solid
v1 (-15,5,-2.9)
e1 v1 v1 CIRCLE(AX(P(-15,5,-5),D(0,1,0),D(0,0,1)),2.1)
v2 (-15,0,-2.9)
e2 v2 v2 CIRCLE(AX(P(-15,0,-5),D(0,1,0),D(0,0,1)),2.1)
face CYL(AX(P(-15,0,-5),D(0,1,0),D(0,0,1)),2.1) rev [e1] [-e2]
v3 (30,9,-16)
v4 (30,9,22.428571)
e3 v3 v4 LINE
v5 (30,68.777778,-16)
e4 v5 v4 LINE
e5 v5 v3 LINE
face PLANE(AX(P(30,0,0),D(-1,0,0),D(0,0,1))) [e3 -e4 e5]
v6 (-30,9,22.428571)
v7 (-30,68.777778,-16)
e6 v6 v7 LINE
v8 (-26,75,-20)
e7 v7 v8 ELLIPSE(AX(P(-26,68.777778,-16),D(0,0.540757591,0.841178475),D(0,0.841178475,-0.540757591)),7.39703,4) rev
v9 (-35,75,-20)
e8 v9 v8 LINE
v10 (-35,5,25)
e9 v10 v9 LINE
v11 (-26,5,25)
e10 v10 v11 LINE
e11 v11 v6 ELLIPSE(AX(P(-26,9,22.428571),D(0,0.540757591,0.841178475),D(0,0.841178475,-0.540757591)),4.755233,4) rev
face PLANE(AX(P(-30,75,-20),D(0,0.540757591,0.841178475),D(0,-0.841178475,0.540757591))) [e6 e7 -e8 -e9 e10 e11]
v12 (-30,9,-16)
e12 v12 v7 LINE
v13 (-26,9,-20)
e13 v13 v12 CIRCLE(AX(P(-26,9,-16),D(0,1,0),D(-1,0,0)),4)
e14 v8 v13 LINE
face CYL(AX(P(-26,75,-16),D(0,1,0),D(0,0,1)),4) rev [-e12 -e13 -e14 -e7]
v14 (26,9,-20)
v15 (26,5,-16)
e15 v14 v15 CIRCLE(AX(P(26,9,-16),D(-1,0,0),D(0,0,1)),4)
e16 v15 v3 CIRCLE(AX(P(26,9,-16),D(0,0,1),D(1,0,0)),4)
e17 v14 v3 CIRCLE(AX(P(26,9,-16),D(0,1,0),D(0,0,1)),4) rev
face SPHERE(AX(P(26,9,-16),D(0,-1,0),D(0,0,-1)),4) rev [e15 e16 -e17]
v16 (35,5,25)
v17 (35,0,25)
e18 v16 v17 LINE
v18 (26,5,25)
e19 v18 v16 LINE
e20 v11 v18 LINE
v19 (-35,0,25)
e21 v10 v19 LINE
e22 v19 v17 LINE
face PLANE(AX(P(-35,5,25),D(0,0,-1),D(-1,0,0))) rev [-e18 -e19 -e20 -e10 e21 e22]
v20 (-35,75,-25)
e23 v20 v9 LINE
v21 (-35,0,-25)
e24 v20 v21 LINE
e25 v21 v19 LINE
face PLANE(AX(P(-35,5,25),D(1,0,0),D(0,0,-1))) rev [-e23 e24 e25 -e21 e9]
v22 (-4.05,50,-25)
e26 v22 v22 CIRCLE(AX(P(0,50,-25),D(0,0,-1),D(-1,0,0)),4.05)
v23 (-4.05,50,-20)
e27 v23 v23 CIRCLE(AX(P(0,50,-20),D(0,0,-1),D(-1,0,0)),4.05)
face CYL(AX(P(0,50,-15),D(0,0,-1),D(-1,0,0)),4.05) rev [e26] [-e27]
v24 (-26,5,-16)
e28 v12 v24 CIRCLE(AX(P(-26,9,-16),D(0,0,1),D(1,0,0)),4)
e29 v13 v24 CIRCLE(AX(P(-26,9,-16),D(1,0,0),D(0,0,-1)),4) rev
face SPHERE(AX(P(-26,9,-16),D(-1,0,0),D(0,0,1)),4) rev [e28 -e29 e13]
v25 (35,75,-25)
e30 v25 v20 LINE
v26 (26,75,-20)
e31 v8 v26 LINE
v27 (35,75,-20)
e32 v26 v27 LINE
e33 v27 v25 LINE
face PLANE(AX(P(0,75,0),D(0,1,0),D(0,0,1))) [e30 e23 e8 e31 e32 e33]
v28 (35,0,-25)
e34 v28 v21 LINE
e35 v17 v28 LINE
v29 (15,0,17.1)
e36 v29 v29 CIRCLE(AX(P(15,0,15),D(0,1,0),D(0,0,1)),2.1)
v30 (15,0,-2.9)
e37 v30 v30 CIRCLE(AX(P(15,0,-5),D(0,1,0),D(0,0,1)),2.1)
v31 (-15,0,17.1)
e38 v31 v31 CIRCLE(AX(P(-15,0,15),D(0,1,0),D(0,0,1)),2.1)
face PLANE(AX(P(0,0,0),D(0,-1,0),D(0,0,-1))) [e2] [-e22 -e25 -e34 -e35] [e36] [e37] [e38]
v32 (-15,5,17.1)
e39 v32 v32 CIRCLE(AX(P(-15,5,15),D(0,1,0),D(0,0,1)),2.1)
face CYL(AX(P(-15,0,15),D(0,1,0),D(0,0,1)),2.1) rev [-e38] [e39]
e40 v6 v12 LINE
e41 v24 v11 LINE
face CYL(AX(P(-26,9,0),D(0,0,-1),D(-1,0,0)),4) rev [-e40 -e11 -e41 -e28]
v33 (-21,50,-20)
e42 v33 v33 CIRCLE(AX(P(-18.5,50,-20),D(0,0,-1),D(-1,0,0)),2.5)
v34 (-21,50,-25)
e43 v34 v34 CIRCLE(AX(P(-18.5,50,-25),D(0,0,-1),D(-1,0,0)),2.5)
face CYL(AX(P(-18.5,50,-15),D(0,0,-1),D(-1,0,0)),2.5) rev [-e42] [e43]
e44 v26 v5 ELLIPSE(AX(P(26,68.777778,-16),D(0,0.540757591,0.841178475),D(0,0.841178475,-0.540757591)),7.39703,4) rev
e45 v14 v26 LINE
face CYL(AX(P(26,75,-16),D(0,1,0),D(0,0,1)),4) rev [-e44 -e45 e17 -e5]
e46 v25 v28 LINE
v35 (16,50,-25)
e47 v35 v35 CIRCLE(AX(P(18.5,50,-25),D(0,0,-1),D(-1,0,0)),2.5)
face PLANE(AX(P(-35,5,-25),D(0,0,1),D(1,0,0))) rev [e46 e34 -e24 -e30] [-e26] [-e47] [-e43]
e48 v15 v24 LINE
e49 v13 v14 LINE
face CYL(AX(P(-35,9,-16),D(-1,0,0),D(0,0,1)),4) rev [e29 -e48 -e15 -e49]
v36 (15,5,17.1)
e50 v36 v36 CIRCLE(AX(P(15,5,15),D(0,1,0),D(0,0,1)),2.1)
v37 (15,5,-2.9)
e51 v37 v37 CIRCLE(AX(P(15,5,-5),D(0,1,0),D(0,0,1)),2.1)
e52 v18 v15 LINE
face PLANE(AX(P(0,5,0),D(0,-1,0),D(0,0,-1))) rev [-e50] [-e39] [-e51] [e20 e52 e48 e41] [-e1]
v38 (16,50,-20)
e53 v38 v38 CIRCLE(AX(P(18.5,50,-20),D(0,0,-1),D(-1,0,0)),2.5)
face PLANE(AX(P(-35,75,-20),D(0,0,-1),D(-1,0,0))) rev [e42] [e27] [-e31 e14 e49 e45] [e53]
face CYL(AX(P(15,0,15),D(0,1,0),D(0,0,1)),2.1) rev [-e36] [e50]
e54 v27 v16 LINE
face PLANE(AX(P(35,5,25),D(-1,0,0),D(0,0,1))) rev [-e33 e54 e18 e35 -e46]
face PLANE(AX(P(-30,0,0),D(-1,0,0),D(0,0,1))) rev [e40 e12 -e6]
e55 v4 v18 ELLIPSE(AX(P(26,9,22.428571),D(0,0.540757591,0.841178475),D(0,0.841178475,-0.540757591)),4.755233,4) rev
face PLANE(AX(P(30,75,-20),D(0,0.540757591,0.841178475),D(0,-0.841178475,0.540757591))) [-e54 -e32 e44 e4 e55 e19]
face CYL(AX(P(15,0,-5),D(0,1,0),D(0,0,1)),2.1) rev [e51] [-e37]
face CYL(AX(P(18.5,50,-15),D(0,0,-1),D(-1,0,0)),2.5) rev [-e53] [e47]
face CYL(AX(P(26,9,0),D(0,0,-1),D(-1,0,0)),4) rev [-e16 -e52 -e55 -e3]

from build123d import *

# Parameters (mm, degrees)
SKETCH1_W           = 70
SKETCH1_H           = 50
BOSS_EXTRUDE1_DEPTH = 5
SKETCH2_W           = 70
SKETCH2_H           = 5
BOSS_EXTRUDE2_DEPTH = 70
SKETCH3_R           = 4.05
CUT_EXTRUDE1_DEPTH  = 10
SKETCH4_R           = 2.5
CUT_EXTRUDE2_DEPTH  = 10
BOSS_EXTRUDE3_DEPTH = 5
BOSS_EXTRUDE4_DEPTH = 5
FILLET1_R           = 4
SKETCH7_R           = 2.1
CUT_EXTRUDE3_DEPTH  = 5


with BuildPart() as part:
    # Sketch1 → Boss-Extrude1 (new body)
    with BuildSketch(Plane(origin=(0, 0, 0), x_dir=(1, 0, 0), z_dir=(0, 1, 0))):
        Rectangle(SKETCH1_W, SKETCH1_H)
    extrude(amount=BOSS_EXTRUDE1_DEPTH)

    # Sketch2 → Boss-Extrude2 (add)
    with BuildSketch(Plane(origin=(0, 5, 0), x_dir=(1, 0, 0), z_dir=(0, 1, 0))):
        with Locations((0, 22.5)):
            Rectangle(SKETCH2_W, SKETCH2_H)
    extrude(amount=BOSS_EXTRUDE2_DEPTH)

    # Sketch3 → Cut-Extrude1 (cut)
    with BuildSketch(Plane(origin=(0, 0, -25), x_dir=(-1, 0, 0), z_dir=(0, 0, -1))):
        with Locations((0, 50)):
            Circle(SKETCH3_R)
    extrude(amount=-CUT_EXTRUDE1_DEPTH, mode=Mode.SUBTRACT)

    # Sketch4 → Cut-Extrude2 (cut)
    with BuildSketch(Plane(origin=(0, 0, -25), x_dir=(-1, 0, 0), z_dir=(0, 0, -1))):
        with Locations((-18.5, 50)):
            Circle(SKETCH4_R)
        with Locations((18.5, 50)):
            Circle(SKETCH4_R)
    extrude(amount=-CUT_EXTRUDE2_DEPTH, mode=Mode.SUBTRACT)

    # Sketch5 → Boss-Extrude3 (add)
    with BuildSketch(Plane(origin=(35, 0, 0), x_dir=(0, 0, -1), z_dir=(1, 0, 0))):
        Polygon((20, 75), (-25, 5), (20, 5), align=None)
    extrude(amount=-BOSS_EXTRUDE3_DEPTH)

    # Sketch6 → Boss-Extrude4 (add)
    with BuildSketch(Plane.ZY.offset(35)):
        Polygon((-20, 75), (25, 5), (-20, 5), align=None)
    extrude(amount=-BOSS_EXTRUDE4_DEPTH)

    # Fillet1
    fillet1_edges = [part.edges().sort_by_distance(p)[0] for p in [
        (30, 40, -20),
        (30, 5, 2.5),
        (0, 5, -20),
        (-30, 40, -20),
        (-30, 5, 2.5),
    ]]
    fillet(fillet1_edges, radius=FILLET1_R)

    # Sketch7 → Cut-Extrude3 (cut)
    with BuildSketch(Plane(origin=(0, 5, 0), x_dir=(1, 0, 0), z_dir=(0, 1, 0))):
        with Locations(Location((-15, 5, 0), (0, 0, 270))):
            Circle(SKETCH7_R)
        with Locations(Location((15, 5, 0), (0, 0, 270))):
            Circle(SKETCH7_R)
        with Locations(Location((15, -15, 0), (0, 0, 270))):
            Circle(SKETCH7_R)
        with Locations(Location((-15, -15, 0), (0, 0, 270))):
            Circle(SKETCH7_R)
    extrude(amount=-CUT_EXTRUDE3_DEPTH, mode=Mode.SUBTRACT)


solid = part.part
